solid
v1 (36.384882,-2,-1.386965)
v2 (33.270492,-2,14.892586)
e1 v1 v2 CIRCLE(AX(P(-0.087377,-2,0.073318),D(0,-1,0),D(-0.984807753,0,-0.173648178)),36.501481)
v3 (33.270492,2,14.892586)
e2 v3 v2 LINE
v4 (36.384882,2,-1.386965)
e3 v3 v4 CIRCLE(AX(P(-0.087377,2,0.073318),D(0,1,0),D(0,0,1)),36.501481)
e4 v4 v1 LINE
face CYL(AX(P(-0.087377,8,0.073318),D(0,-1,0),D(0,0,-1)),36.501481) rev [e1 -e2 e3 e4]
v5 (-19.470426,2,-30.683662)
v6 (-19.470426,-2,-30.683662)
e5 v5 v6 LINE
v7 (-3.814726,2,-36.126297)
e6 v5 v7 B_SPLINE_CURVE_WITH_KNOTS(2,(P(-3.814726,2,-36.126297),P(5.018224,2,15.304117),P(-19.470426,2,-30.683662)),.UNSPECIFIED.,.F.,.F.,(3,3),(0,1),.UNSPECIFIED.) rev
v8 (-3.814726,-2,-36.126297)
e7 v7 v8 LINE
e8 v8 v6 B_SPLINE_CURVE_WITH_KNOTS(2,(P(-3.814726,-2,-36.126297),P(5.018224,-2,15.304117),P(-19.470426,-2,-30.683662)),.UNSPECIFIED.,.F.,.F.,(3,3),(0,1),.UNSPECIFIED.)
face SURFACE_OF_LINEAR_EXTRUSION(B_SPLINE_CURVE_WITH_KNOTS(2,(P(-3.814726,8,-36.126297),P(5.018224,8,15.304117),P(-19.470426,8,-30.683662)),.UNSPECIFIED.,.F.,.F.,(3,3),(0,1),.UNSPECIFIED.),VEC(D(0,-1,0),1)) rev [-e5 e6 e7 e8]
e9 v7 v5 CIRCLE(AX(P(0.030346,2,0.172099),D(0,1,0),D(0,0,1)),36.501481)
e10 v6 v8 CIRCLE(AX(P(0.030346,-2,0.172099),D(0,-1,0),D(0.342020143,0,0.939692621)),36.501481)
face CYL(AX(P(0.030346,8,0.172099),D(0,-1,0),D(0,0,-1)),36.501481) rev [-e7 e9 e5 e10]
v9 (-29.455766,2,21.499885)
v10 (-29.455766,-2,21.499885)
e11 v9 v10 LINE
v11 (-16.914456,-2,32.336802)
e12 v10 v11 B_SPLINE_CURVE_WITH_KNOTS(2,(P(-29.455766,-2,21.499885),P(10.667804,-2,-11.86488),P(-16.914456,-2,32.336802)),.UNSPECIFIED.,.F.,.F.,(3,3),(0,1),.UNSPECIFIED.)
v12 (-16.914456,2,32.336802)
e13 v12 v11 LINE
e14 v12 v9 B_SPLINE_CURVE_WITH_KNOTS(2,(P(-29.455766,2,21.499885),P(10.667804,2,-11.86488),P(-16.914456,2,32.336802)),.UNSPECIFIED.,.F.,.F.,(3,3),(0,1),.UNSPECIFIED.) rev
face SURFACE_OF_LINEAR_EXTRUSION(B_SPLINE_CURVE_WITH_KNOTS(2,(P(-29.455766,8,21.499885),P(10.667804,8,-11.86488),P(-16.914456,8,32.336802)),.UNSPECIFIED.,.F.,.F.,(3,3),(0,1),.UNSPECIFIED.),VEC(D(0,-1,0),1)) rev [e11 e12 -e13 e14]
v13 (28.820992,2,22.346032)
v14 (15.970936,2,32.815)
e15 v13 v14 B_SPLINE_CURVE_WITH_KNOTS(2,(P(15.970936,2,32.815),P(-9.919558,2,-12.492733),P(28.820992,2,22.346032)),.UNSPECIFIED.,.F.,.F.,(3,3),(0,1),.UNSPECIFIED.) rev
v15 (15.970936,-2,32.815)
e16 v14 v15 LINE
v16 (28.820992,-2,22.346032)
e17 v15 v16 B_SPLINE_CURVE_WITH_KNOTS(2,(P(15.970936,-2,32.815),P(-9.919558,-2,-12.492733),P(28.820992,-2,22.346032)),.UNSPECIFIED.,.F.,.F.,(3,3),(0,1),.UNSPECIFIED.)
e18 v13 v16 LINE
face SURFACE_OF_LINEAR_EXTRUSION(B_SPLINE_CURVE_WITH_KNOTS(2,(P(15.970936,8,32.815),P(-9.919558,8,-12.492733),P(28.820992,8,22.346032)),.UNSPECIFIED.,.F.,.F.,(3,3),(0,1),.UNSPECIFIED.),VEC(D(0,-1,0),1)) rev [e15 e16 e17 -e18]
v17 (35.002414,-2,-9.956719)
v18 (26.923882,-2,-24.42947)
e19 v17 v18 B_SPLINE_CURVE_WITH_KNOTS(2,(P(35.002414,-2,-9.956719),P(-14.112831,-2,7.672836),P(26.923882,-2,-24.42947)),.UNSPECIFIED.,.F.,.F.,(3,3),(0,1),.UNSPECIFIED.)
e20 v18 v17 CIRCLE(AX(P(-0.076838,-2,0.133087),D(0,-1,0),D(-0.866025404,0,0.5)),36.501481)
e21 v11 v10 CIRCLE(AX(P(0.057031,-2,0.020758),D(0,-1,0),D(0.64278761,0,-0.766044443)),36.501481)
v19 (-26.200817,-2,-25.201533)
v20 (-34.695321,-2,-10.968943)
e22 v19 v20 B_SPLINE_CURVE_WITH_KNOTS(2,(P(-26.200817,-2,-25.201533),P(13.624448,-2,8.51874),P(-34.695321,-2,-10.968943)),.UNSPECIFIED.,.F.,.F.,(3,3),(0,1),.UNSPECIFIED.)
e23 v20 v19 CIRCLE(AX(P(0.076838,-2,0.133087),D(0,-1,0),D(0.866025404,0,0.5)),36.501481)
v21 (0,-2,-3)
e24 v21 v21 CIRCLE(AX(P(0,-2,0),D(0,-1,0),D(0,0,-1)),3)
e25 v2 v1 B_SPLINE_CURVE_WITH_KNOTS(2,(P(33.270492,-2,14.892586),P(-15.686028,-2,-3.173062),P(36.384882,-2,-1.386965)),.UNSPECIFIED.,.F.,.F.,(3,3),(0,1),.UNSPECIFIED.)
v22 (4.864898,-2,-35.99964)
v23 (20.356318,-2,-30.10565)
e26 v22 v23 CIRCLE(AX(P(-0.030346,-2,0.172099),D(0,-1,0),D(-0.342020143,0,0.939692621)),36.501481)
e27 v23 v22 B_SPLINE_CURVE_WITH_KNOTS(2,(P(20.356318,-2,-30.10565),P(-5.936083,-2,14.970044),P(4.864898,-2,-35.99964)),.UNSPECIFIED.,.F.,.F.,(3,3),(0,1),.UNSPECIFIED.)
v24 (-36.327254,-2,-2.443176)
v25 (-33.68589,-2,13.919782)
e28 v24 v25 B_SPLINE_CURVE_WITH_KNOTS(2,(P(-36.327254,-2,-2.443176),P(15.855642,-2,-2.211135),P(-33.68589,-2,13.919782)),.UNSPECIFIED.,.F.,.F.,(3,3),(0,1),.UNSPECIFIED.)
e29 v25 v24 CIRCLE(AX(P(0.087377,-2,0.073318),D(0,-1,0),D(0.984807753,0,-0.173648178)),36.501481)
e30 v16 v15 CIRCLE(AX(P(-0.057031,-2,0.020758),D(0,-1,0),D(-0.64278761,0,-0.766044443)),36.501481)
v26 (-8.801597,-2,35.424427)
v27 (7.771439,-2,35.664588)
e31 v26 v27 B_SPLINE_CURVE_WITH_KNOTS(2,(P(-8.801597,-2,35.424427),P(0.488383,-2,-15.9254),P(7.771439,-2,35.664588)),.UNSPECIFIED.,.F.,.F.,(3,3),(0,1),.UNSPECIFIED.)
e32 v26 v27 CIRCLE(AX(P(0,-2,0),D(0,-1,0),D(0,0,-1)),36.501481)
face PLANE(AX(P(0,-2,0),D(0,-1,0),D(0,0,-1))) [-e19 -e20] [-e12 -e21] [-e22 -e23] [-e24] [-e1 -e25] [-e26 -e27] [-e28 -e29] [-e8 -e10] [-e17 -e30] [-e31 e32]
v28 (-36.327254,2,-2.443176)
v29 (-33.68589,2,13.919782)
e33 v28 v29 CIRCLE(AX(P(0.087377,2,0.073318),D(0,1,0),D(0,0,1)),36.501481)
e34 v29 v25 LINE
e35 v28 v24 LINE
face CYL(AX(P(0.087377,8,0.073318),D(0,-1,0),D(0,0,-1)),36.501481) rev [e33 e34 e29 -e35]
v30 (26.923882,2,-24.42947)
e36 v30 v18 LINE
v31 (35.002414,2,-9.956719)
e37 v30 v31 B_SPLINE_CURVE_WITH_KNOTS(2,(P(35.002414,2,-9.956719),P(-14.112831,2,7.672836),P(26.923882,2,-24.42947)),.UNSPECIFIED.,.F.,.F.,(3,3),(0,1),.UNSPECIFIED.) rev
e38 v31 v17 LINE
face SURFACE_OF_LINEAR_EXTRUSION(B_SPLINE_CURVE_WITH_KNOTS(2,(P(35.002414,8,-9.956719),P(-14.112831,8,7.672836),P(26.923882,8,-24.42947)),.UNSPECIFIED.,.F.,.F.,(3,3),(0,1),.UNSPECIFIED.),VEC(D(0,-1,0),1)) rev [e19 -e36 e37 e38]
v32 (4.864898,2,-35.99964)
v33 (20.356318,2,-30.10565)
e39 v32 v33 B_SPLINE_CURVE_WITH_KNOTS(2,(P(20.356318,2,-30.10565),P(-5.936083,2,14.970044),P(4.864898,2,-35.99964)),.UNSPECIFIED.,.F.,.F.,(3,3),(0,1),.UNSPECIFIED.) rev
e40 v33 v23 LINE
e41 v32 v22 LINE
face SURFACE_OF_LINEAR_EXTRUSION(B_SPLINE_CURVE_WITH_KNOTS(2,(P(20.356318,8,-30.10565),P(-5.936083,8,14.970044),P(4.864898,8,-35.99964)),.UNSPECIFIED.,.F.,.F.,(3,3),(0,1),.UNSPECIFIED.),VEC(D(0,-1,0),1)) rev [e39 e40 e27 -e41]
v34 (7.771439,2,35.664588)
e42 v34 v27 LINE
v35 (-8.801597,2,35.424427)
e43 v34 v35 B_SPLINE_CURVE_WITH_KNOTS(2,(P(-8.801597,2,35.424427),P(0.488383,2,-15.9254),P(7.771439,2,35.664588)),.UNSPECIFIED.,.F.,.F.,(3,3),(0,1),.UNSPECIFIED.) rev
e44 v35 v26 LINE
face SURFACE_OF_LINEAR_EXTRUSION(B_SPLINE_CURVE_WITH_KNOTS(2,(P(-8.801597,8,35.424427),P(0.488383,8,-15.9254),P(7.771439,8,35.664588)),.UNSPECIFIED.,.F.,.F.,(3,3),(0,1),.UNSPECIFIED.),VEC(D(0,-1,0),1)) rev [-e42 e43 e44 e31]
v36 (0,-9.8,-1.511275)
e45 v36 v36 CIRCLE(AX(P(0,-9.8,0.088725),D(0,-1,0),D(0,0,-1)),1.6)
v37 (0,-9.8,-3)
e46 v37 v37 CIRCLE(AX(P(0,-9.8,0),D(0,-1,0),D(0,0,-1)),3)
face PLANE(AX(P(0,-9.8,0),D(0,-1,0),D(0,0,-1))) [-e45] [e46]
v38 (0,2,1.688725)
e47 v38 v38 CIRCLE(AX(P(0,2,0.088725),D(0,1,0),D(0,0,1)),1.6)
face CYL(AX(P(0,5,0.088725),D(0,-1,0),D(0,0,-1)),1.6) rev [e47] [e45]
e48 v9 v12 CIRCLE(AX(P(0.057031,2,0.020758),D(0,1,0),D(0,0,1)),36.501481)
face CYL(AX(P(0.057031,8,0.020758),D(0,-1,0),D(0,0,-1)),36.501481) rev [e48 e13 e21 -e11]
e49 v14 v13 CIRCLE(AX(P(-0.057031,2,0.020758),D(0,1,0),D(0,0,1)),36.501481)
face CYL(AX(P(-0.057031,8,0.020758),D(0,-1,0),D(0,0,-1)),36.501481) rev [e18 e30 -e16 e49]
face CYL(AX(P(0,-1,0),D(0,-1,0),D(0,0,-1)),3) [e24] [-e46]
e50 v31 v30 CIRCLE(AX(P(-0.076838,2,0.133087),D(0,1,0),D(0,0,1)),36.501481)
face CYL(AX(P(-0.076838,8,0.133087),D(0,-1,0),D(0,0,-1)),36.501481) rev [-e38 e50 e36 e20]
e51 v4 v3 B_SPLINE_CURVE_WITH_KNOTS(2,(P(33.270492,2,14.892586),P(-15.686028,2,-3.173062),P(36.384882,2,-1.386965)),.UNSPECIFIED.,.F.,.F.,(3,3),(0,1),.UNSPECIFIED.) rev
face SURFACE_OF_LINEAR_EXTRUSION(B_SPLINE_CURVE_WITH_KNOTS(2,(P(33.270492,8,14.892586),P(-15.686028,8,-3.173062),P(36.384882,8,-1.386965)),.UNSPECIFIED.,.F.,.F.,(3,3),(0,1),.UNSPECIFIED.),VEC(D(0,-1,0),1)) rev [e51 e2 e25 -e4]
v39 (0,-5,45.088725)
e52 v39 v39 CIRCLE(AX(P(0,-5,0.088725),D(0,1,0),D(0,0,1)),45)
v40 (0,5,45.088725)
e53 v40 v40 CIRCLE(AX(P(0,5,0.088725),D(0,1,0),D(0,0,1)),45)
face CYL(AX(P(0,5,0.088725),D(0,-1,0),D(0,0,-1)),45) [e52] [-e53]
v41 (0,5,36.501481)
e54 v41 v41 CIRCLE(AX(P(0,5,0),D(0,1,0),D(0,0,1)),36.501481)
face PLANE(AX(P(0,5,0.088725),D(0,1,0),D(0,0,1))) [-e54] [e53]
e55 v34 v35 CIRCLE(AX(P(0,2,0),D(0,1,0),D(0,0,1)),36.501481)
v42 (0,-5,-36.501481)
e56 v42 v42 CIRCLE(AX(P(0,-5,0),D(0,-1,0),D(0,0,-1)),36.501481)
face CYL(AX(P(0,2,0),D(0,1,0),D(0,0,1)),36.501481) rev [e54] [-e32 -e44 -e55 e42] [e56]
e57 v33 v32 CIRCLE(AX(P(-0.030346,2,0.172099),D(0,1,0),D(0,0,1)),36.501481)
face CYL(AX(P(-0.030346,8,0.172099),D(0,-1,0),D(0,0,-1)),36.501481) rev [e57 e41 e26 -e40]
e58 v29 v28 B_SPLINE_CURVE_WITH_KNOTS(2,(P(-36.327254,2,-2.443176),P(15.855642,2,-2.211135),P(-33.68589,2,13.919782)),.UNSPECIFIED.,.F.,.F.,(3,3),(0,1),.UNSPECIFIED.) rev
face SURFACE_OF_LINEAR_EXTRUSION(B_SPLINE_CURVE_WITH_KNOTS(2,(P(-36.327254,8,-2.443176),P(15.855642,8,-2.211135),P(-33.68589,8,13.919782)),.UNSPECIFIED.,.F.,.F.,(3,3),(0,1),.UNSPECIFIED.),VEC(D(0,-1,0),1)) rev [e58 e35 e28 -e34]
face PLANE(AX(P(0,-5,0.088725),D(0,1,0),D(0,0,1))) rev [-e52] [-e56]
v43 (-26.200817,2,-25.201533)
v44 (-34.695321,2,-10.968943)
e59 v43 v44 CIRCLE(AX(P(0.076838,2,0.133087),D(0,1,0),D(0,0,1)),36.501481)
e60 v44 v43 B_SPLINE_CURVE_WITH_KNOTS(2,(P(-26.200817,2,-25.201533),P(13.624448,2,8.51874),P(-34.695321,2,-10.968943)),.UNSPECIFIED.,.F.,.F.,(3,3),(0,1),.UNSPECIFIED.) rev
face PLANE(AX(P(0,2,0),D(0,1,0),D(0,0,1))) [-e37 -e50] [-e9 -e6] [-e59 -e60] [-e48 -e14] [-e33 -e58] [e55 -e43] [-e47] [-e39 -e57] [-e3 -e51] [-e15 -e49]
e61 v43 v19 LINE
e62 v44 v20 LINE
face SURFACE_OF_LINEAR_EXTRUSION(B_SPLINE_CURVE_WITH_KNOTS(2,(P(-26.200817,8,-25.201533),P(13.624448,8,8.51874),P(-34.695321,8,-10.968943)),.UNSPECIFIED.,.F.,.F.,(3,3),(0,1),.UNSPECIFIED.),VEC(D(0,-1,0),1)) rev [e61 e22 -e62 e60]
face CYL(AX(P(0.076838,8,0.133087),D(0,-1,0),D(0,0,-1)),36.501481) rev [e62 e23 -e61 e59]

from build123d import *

# Parameters (mm, degrees)
SKETCH1_R                = 45
SKETCH1_R_2              = 1.6
BOSS_EXTRUDE1_DEPTH      = 5
SKETCH4_R                = 36.501480924
CUT_EXTRUDE1_DEPTH       = 3
SKETCH5_R                = 36.501480924
CUT_EXTRUDE2_DEPTH       = 3
SKETCH2_R                = 3
SKETCH2_R_2              = 1.6
BOSS_EXTRUDE2_DEPTH      = 4.8
BOSS_EXTRUDE2_DEPTH_BACK = 4
CUT_EXTRUDE3_DEPTH       = 10
CIRPATTERN1_COUNT        = 9


with BuildPart() as part:
    # Sketch1 → Boss-Extrude1 (new body, symmetric)
    with BuildSketch(Plane(origin=(0, 0, 0), x_dir=(1, 0, 0), z_dir=(0, 1, 0))):
        with Locations((0, -0.088724957)):
            Circle(SKETCH1_R)
        with Locations((0, -0.088724957)):
            Circle(SKETCH1_R_2, mode=Mode.SUBTRACT)
    extrude(amount=BOSS_EXTRUDE1_DEPTH, both=True)

    # Sketch4 → Cut-Extrude1 (cut)
    with BuildSketch(Plane(origin=(0, 5, 0), x_dir=(1, 0, 0), z_dir=(0, 1, 0))):
        Circle(SKETCH4_R)
    extrude(amount=-CUT_EXTRUDE1_DEPTH, mode=Mode.SUBTRACT)

    # Sketch5 → Cut-Extrude2 (cut)
    with BuildSketch(Plane.XZ.offset(5)):
        Circle(SKETCH5_R)
    extrude(amount=-CUT_EXTRUDE2_DEPTH, mode=Mode.SUBTRACT)

    # Sketch2 → Boss-Extrude2 (add, two sides)
    with BuildSketch(Plane.XZ.offset(5)) as boss_extrude2_sk:
        Circle(SKETCH2_R)
        with Locations((0, 0.088724957)):
            Circle(SKETCH2_R_2, mode=Mode.SUBTRACT)
    extrude(amount=BOSS_EXTRUDE2_DEPTH)
    extrude(boss_extrude2_sk.sketch, amount=-BOSS_EXTRUDE2_DEPTH_BACK)

    # Sketch6 → Cut-Extrude3 (cut)
    with BuildSketch(Plane.XZ.offset(2)):
        with BuildLine():
            ThreePointArc((7.771439261, 35.664588059), (-0.52889107, 36.497649018), (-8.801597259, 35.424426535))
            add(Edge.make_bspline(
                [(-8.801597259, 35.424426535), (0.488382971, -15.925400328), (7.771439261, 35.664588059)],
                knots=[0, 0, 0, 1, 1, 1], degree=2))
        make_face()
    cut_extrude3 = extrude(amount=-CUT_EXTRUDE3_DEPTH, mode=Mode.SUBTRACT)

    # CirPattern1: Cut-Extrude3 ×9 about axis
    cirpattern1_axis = Axis((0, 5, 0.088724957), (0, -1, 0))
    for i in range(1, CIRPATTERN1_COUNT):
        add(cut_extrude3.rotate(cirpattern1_axis, i * 360 / CIRPATTERN1_COUNT), mode=Mode.SUBTRACT)


solid = part.part
